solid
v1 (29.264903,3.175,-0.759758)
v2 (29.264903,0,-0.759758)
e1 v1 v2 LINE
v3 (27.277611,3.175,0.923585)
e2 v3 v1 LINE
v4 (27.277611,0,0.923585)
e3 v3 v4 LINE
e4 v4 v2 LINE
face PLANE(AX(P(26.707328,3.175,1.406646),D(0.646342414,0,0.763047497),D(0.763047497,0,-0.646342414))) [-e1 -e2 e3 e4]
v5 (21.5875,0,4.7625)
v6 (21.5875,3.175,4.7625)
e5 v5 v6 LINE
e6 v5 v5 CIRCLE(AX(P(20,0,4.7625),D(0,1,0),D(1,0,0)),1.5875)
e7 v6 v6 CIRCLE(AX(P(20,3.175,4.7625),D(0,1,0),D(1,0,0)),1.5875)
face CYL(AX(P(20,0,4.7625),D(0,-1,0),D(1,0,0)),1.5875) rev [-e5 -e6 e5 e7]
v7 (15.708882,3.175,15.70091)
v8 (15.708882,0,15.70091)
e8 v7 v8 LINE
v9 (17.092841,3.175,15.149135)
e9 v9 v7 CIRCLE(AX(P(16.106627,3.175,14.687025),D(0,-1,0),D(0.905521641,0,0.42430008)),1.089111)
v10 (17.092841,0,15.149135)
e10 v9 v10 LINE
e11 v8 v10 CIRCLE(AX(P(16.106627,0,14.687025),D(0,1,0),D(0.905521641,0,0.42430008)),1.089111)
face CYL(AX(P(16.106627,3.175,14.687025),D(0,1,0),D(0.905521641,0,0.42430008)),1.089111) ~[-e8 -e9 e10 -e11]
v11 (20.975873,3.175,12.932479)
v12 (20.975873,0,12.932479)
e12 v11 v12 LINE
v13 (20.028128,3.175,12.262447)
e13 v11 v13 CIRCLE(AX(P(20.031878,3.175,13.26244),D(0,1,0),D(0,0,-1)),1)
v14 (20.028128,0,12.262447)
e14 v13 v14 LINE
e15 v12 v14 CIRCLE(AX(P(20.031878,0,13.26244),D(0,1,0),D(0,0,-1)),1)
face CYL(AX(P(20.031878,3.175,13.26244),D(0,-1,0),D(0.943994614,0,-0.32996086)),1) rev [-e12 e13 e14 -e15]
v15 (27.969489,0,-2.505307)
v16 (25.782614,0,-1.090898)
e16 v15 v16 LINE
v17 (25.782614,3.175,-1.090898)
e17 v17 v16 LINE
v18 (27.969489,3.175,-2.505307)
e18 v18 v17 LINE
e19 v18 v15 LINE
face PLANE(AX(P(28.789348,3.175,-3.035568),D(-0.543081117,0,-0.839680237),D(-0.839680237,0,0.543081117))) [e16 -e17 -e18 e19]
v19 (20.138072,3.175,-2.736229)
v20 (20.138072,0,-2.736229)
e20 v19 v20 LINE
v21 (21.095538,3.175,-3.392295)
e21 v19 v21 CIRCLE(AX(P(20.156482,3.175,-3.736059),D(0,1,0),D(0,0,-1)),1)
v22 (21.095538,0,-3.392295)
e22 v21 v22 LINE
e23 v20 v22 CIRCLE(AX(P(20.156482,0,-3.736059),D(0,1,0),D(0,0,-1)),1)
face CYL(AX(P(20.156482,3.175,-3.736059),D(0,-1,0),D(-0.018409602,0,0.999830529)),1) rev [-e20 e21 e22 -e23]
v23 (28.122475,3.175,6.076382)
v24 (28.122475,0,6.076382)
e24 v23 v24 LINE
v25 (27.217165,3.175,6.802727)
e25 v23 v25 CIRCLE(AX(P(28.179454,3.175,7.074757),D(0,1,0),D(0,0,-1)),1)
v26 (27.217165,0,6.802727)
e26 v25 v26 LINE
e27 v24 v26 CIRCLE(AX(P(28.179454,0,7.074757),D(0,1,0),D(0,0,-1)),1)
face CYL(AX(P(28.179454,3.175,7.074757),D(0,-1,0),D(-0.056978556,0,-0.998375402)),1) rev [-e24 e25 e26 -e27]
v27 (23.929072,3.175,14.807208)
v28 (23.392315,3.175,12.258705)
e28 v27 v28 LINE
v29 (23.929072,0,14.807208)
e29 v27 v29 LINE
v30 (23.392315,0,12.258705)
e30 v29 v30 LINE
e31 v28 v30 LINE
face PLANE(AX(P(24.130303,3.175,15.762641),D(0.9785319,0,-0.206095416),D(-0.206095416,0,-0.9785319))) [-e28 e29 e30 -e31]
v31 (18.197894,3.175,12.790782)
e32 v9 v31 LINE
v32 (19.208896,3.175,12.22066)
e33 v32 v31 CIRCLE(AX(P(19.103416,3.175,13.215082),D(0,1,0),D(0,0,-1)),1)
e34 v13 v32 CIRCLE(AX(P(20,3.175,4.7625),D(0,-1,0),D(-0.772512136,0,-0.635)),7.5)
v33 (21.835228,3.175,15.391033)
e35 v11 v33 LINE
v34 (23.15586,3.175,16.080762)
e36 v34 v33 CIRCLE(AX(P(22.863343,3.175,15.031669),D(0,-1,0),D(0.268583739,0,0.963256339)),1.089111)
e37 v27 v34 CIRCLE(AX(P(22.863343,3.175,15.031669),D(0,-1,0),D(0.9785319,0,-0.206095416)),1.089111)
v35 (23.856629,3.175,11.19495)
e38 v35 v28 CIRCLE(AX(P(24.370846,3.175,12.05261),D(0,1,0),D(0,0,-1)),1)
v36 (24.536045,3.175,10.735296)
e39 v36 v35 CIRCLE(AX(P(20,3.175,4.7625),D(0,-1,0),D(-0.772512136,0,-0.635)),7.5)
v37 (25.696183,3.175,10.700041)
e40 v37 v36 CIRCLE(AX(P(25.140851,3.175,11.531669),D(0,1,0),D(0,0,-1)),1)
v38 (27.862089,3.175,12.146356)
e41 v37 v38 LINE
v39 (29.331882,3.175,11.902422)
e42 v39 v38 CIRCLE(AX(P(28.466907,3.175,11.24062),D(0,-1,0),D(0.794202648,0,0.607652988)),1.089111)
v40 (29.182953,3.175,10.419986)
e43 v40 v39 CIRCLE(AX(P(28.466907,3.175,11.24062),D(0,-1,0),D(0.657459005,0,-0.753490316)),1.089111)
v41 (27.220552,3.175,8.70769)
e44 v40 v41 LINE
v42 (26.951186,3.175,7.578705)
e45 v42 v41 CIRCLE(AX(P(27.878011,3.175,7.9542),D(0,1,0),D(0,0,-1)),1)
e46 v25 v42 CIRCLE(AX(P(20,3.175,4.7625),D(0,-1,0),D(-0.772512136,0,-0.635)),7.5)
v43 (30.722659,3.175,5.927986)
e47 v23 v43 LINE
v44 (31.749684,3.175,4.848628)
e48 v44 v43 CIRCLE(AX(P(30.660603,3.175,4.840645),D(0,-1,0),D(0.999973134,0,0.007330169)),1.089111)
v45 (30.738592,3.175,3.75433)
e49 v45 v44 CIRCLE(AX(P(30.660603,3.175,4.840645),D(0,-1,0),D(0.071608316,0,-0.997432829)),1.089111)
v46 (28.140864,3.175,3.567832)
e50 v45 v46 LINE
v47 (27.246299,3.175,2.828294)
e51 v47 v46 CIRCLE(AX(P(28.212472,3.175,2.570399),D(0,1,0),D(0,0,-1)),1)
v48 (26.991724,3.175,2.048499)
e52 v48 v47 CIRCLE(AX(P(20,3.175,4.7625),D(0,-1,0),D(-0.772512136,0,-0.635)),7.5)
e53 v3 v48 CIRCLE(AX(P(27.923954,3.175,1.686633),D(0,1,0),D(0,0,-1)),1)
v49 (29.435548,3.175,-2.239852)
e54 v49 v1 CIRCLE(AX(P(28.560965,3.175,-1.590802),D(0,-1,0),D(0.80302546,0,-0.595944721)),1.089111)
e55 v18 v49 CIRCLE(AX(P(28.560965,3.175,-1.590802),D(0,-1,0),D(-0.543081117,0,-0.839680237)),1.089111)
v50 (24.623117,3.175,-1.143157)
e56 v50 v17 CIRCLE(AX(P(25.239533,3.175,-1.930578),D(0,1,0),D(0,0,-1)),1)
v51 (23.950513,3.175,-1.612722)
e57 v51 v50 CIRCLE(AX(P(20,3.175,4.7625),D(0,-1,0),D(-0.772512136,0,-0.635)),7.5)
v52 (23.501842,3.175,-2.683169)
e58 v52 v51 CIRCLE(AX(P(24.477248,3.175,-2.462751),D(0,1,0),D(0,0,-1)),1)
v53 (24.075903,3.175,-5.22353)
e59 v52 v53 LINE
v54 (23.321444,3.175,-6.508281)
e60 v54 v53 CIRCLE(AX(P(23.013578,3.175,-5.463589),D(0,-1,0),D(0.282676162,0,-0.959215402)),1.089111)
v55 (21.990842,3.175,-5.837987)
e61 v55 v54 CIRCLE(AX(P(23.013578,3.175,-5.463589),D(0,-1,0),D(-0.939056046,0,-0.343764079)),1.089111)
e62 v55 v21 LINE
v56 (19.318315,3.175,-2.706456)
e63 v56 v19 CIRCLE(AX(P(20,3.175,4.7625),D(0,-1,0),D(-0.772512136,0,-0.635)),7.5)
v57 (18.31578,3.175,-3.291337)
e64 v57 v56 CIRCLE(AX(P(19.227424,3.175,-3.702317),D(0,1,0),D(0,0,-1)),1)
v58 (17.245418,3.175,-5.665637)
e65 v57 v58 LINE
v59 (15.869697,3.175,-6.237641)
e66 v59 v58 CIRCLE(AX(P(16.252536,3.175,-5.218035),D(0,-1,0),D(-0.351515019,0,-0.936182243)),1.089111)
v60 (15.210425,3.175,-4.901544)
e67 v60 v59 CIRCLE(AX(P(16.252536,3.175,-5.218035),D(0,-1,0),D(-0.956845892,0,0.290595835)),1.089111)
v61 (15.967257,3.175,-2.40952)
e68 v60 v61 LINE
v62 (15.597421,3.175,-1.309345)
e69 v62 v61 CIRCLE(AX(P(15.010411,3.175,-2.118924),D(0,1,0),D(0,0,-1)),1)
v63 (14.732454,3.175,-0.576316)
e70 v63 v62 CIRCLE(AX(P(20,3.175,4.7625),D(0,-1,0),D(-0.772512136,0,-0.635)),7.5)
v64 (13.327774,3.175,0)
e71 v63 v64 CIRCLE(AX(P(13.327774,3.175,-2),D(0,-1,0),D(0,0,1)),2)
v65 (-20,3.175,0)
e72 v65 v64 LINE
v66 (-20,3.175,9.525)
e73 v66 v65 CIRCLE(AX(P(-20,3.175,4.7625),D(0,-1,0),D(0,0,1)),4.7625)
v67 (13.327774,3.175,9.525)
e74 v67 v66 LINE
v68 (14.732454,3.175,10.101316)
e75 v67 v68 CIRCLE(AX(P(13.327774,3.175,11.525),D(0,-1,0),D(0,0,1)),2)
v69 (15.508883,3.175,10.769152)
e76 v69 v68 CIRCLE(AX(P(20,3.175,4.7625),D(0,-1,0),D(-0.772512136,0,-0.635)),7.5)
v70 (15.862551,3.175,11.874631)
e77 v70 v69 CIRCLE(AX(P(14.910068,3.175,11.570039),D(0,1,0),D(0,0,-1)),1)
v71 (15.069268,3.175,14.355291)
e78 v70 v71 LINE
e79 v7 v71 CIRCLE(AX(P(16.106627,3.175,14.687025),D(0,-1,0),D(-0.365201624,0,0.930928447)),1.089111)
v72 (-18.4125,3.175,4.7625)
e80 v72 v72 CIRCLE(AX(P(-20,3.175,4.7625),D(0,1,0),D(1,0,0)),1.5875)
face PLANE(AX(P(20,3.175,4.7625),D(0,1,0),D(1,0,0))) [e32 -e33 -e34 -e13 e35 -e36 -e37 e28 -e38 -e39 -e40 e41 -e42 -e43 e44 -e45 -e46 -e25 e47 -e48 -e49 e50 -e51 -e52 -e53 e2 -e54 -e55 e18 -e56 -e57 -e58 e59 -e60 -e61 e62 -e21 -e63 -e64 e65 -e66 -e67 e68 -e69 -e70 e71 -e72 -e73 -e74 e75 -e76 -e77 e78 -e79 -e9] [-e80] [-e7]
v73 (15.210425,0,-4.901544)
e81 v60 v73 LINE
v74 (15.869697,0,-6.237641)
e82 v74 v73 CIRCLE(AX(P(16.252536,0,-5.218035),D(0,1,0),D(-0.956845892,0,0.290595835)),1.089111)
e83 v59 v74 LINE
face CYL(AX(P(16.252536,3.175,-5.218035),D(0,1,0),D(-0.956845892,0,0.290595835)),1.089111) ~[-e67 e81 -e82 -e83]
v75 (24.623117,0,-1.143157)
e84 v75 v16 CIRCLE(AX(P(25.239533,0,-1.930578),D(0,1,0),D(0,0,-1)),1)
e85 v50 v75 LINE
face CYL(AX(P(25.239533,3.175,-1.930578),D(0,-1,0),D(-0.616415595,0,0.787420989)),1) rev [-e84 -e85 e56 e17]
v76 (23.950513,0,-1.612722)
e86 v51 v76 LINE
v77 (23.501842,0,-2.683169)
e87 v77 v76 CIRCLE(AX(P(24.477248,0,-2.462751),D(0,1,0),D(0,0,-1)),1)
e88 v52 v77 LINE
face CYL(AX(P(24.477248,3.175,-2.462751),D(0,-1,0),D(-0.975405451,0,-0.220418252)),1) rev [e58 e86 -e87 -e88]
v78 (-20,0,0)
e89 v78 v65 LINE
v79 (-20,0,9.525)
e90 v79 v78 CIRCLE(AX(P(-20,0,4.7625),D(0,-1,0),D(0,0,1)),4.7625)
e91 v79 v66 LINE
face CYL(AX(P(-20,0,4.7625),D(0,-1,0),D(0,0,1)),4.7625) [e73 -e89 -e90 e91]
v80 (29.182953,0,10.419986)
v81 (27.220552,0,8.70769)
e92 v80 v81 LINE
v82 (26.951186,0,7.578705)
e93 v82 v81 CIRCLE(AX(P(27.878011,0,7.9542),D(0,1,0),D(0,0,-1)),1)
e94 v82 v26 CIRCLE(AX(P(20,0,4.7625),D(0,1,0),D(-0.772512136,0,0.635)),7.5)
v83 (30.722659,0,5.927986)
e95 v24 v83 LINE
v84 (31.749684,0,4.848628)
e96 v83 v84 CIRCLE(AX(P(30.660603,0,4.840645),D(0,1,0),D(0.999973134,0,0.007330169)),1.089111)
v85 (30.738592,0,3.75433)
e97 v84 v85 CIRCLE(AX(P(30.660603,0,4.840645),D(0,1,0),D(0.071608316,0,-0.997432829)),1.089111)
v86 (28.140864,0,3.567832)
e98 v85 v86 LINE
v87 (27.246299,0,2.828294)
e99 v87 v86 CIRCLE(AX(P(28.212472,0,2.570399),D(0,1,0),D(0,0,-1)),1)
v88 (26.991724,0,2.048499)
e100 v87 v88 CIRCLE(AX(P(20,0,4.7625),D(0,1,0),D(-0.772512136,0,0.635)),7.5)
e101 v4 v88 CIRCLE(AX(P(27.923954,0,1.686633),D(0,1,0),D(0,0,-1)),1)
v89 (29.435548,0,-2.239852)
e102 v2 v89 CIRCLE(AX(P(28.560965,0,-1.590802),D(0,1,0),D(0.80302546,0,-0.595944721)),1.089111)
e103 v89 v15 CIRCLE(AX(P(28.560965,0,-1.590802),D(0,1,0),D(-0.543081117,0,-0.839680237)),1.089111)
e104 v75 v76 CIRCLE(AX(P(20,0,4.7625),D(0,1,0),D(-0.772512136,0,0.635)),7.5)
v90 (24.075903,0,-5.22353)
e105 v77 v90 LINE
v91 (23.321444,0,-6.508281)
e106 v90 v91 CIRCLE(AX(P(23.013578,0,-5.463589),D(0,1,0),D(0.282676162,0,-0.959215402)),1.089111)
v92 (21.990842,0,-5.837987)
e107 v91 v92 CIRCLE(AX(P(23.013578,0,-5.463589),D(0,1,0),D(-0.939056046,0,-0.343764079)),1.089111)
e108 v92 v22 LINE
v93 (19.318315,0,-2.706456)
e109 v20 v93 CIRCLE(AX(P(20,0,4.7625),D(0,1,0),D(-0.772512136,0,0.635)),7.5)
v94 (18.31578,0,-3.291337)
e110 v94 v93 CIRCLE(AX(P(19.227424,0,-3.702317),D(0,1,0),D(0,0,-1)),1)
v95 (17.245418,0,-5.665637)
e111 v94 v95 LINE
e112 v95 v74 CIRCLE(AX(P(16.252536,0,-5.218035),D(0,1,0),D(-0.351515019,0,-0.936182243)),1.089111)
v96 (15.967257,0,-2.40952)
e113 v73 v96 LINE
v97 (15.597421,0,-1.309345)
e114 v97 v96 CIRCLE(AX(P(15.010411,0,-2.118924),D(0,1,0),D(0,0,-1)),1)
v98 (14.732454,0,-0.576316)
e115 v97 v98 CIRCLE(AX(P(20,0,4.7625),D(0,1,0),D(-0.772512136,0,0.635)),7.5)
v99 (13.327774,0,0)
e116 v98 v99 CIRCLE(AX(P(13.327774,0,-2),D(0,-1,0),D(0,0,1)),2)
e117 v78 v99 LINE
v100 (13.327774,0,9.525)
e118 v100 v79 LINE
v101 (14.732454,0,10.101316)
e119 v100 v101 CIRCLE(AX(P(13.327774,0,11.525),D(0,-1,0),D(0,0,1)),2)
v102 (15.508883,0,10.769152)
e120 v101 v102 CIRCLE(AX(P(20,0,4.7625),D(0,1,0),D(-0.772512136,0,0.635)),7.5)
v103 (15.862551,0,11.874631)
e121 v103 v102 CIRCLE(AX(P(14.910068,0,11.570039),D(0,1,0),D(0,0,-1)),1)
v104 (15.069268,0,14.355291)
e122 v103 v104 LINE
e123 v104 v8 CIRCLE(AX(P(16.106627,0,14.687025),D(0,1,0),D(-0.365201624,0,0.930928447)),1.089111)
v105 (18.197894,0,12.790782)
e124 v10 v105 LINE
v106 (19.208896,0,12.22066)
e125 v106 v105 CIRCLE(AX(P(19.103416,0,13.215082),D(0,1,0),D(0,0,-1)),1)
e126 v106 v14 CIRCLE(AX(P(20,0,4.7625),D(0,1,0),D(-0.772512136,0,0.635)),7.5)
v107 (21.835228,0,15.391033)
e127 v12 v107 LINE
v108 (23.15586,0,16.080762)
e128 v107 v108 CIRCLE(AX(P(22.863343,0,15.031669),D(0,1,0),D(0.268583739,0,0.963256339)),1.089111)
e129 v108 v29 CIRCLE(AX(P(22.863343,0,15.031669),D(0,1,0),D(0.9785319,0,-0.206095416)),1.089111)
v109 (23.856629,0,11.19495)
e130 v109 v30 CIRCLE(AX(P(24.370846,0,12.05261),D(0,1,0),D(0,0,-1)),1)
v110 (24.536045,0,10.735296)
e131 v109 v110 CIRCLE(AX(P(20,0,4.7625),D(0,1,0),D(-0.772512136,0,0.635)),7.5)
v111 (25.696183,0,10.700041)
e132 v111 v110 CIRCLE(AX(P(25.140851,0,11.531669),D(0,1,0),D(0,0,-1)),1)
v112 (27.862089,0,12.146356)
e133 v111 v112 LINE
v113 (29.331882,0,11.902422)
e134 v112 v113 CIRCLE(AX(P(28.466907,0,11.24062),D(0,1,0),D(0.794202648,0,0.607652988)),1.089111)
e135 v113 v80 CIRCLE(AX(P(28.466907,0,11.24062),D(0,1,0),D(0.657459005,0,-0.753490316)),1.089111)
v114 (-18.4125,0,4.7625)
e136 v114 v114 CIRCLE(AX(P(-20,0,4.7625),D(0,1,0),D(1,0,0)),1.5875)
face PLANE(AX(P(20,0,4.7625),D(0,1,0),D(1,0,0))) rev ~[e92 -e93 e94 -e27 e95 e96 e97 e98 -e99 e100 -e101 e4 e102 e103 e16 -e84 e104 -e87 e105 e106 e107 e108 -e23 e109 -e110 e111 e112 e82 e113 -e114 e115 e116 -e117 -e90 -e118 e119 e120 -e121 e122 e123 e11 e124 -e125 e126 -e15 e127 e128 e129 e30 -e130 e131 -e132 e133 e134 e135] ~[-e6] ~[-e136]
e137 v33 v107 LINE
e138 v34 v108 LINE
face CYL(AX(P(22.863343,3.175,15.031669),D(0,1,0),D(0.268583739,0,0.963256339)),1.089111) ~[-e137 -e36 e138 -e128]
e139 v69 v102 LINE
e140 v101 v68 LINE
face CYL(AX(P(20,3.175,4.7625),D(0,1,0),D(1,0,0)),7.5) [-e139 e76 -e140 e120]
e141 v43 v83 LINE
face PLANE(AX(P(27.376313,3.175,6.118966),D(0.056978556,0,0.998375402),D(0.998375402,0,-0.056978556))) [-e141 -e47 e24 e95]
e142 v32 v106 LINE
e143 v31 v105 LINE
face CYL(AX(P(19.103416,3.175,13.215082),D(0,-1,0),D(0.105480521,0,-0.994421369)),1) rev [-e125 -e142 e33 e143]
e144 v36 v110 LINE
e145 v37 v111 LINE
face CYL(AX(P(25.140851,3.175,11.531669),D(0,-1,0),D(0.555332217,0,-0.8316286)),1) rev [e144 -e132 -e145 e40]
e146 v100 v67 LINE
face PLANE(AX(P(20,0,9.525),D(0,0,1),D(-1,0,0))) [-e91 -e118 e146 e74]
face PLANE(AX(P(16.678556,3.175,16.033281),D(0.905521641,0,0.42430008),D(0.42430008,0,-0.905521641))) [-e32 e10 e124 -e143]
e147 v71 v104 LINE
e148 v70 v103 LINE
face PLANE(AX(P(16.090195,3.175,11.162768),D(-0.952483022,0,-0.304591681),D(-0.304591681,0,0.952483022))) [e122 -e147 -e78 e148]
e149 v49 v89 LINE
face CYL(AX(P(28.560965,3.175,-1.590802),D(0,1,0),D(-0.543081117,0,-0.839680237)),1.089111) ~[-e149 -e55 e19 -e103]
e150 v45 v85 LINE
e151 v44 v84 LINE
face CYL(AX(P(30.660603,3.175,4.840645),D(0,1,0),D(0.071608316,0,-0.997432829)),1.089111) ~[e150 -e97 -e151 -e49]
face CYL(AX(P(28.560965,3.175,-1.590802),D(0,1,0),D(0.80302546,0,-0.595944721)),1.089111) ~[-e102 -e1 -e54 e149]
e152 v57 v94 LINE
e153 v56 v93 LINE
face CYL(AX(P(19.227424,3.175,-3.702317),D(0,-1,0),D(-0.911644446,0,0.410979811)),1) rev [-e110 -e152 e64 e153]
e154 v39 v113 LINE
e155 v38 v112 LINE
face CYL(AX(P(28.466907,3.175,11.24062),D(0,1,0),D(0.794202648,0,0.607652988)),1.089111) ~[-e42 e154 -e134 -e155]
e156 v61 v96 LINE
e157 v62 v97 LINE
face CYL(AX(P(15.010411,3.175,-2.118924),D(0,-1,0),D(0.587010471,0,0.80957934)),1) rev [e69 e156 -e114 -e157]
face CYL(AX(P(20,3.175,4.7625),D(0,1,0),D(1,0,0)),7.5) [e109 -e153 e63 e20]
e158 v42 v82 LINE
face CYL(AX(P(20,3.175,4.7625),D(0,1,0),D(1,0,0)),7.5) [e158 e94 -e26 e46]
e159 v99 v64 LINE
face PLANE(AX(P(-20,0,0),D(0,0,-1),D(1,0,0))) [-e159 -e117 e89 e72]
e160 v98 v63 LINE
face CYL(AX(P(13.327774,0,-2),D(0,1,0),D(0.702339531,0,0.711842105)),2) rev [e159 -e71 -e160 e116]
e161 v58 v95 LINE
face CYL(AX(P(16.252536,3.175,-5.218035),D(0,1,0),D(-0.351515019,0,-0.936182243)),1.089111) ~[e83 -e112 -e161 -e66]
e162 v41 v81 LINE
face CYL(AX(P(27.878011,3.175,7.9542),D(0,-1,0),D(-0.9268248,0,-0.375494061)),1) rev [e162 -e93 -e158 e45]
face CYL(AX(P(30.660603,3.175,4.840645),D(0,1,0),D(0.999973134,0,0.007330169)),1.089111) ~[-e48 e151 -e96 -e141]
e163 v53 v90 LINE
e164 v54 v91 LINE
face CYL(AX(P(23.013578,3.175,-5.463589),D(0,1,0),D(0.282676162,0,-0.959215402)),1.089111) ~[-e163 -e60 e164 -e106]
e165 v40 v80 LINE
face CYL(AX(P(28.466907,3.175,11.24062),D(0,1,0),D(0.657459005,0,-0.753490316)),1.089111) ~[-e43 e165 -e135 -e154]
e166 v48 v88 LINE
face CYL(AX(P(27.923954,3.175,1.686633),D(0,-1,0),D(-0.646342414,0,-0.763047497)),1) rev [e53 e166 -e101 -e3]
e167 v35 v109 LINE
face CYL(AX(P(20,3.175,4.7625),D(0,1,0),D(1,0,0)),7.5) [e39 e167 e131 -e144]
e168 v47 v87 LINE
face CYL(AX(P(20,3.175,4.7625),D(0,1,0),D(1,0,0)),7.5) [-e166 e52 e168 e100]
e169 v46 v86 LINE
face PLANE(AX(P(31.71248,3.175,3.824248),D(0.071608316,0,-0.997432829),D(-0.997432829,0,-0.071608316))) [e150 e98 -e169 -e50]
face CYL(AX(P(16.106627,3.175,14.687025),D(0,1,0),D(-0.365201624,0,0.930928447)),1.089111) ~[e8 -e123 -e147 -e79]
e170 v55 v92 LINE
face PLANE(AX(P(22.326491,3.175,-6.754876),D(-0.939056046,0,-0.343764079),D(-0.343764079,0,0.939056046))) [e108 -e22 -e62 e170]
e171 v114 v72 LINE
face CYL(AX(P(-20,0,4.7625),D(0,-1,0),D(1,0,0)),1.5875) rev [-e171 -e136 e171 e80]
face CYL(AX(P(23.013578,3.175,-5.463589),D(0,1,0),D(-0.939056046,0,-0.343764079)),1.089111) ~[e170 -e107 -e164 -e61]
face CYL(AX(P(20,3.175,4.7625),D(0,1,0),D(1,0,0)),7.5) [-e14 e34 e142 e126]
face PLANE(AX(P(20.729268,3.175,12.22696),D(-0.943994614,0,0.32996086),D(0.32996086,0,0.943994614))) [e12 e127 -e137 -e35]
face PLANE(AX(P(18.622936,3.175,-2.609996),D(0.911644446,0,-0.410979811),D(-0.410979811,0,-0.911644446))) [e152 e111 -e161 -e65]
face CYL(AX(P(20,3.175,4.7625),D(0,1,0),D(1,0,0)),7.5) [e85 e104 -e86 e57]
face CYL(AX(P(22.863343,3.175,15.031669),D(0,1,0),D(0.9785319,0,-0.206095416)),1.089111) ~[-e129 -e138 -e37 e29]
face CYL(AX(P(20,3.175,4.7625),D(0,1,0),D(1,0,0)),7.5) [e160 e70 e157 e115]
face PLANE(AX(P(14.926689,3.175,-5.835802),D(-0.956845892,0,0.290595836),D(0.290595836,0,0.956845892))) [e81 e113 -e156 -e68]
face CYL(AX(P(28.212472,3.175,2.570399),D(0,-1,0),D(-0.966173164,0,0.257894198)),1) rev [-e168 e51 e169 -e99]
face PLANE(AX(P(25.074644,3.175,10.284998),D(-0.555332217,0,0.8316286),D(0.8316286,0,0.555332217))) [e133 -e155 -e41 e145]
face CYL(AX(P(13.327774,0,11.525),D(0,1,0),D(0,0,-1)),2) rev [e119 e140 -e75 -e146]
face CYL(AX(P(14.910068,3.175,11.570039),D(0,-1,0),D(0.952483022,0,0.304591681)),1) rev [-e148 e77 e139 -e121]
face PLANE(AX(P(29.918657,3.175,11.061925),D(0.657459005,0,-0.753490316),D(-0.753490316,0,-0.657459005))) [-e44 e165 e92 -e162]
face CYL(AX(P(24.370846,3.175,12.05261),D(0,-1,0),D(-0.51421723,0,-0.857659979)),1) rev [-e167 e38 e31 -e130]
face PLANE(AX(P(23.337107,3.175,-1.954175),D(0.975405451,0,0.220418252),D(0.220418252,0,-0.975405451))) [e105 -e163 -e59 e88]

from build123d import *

# Parameters (mm, degrees)
CROQUIS1_R              = 1.5875
SALIENTE_EXTRUIR1_DEPTH = 3.175
CROQUIS2_R              = 7.5
CROQUIS2_R_2            = 1.5875
SALIENTE_EXTRUIR2_DEPTH = 3.175
SALIENTE_EXTRUIR3_DEPTH = 3.175
CORTAR_EXTRUIR1_DEPTH   = 10
REDONDEO3_R             = 1
MATRIZC2_COUNT          = 7
MATRIZC2_ANGLE          = 222
REDONDEO3_OF_MATRIZC2_R = 1
REDONDEO4_R             = 2


with BuildPart() as part:
    # Croquis1 → Saliente-Extruir1 (new body)
    with BuildSketch(Plane(origin=(0, 0, 0), x_dir=(1, 0, 0), z_dir=(0, 1, 0))):
        with BuildLine():
            Line((-20, 0), (20, 0))
            ThreePointArc((20, 0), (24.7625, -4.7625), (20, -9.525))
            Line((20, -9.525), (-20, -9.525))
            ThreePointArc((-20, -9.525), (-24.7625, -4.7625), (-20, 0))
        make_face()
        with Locations((-20, -4.7625)):
            Circle(CROQUIS1_R, mode=Mode.SUBTRACT)
        with Locations((20, -4.7625)):
            Circle(CROQUIS1_R, mode=Mode.SUBTRACT)
    extrude(amount=SALIENTE_EXTRUIR1_DEPTH)

    # Croquis2 → Saliente-Extruir2 (add)
    with BuildSketch(Plane(origin=(0, 3.175, 0), x_dir=(1, 0, 0), z_dir=(0, 1, 0))):
        with Locations((20, -4.7625)):
            Circle(CROQUIS2_R)
        with Locations((20, -4.7625)):
            Circle(CROQUIS2_R_2, mode=Mode.SUBTRACT)
    extrude(amount=-SALIENTE_EXTRUIR2_DEPTH)

    # Croquis8 → Saliente-Extruir3 (add)
    with BuildSketch(Plane(origin=(0, 3.175, 0), x_dir=(1, 0, 0), z_dir=(0, 1, 0))):
        with BuildLine():
            Line((14.926688775, 5.835802374), (16.184441281, 1.694396442))
            ThreePointArc((16.184441281, 1.694396442), (17.363636492, 2.258866495), (18.622936274, 2.60999588))
            Line((18.622936274, 2.60999588), (16.844139666, 6.555761596))
            ThreePointArc((16.844139666, 6.555761596), (15.869697171, 6.237640842), (14.926688775, 5.835802374))
        make_face()
    saliente_extruir3 = extrude(amount=-SALIENTE_EXTRUIR3_DEPTH)

    # Croquis9 → Cortar-Extruir1 (cut)
    with BuildSketch(Plane(origin=(0, 3.175, 0), x_dir=(1, 0, 0), z_dir=(0, 1, 0))):
        with BuildLine():
            ThreePointArc((16.844139666, 6.555761596), (16.353447772, 6.407332445), (15.869697296, 6.237640889))
            ThreePointArc((15.869697296, 6.237640889), (16.670669085, 6.223682337), (17.245417982, 5.665637219))
            Line((17.245417982, 5.665637219), (16.844139666, 6.555761596))
        make_face()
        with BuildLine():
            ThreePointArc((15.869697296, 6.237640889), (15.393808961, 6.047009892), (14.926688775, 5.835802374))
            Line((14.926688775, 5.835802374), (15.210424872, 4.901543567))
            ThreePointArc((15.210424872, 4.901543567), (15.275853116, 5.699960746), (15.869697296, 6.237640889))
        make_face()
    cortar_extruir1 = extrude(amount=-CORTAR_EXTRUIR1_DEPTH, mode=Mode.SUBTRACT)

    # Redondeo3
    redondeo3_edges = [part.edges().sort_by_distance(p)[0] for p in [
        (18.622936274, 1.5875, -2.60999588),
        (16.184441281, 1.5875, -1.694396442),
    ]]
    fillet(redondeo3_edges, radius=REDONDEO3_R)

    # MatrizC2: Saliente-Extruir3, Cortar-Extruir1 ×7 about axis
    matrizc2_axis = Axis((20, 0, 4.7625), (0, -1, 0))
    for i in range(1, MATRIZC2_COUNT):
        add(saliente_extruir3.rotate(matrizc2_axis, i * MATRIZC2_ANGLE / (MATRIZC2_COUNT - 1)))
        add(cortar_extruir1.rotate(matrizc2_axis, i * MATRIZC2_ANGLE / (MATRIZC2_COUNT - 1)), mode=Mode.SUBTRACT)

    # Redondeo3 of MatrizC2
    redondeo3_of_matrizc2_edges = [part.edges().sort_by_distance(p)[0] for p in [
        (23.337106788, 1.5875, -1.954174645),
        (20.838616598, 1.5875, -2.690467342),
        (26.707327688, 1.5875, 1.406646118),
        (25.155056708, 1.5875, -0.685012307),
        (27.376313351, 1.5875, 6.118966491),
        (27.395406089, 1.5875, 3.514313802),
        (25.074643863, 1.5875, 10.284998498),
        (26.657411119, 1.5875, 8.216320666),
        (20.729268228, 1.5875, 12.226960319),
        (23.238283761, 1.5875, 11.527373856),
        (16.090195144, 1.5875, 11.16276765),
        (18.515005687, 1.5875, 12.114016299),
    ]]
    fillet(redondeo3_of_matrizc2_edges, radius=REDONDEO3_OF_MATRIZC2_R)

    # Redondeo4
    redondeo4_edges = [part.edges().sort_by_distance(p)[0] for p in [
        (14.206158981, 1.5875, 0),
        (14.206158981, 1.5875, 9.525),
    ]]
    fillet(redondeo4_edges, radius=REDONDEO4_R)


solid = part.part
